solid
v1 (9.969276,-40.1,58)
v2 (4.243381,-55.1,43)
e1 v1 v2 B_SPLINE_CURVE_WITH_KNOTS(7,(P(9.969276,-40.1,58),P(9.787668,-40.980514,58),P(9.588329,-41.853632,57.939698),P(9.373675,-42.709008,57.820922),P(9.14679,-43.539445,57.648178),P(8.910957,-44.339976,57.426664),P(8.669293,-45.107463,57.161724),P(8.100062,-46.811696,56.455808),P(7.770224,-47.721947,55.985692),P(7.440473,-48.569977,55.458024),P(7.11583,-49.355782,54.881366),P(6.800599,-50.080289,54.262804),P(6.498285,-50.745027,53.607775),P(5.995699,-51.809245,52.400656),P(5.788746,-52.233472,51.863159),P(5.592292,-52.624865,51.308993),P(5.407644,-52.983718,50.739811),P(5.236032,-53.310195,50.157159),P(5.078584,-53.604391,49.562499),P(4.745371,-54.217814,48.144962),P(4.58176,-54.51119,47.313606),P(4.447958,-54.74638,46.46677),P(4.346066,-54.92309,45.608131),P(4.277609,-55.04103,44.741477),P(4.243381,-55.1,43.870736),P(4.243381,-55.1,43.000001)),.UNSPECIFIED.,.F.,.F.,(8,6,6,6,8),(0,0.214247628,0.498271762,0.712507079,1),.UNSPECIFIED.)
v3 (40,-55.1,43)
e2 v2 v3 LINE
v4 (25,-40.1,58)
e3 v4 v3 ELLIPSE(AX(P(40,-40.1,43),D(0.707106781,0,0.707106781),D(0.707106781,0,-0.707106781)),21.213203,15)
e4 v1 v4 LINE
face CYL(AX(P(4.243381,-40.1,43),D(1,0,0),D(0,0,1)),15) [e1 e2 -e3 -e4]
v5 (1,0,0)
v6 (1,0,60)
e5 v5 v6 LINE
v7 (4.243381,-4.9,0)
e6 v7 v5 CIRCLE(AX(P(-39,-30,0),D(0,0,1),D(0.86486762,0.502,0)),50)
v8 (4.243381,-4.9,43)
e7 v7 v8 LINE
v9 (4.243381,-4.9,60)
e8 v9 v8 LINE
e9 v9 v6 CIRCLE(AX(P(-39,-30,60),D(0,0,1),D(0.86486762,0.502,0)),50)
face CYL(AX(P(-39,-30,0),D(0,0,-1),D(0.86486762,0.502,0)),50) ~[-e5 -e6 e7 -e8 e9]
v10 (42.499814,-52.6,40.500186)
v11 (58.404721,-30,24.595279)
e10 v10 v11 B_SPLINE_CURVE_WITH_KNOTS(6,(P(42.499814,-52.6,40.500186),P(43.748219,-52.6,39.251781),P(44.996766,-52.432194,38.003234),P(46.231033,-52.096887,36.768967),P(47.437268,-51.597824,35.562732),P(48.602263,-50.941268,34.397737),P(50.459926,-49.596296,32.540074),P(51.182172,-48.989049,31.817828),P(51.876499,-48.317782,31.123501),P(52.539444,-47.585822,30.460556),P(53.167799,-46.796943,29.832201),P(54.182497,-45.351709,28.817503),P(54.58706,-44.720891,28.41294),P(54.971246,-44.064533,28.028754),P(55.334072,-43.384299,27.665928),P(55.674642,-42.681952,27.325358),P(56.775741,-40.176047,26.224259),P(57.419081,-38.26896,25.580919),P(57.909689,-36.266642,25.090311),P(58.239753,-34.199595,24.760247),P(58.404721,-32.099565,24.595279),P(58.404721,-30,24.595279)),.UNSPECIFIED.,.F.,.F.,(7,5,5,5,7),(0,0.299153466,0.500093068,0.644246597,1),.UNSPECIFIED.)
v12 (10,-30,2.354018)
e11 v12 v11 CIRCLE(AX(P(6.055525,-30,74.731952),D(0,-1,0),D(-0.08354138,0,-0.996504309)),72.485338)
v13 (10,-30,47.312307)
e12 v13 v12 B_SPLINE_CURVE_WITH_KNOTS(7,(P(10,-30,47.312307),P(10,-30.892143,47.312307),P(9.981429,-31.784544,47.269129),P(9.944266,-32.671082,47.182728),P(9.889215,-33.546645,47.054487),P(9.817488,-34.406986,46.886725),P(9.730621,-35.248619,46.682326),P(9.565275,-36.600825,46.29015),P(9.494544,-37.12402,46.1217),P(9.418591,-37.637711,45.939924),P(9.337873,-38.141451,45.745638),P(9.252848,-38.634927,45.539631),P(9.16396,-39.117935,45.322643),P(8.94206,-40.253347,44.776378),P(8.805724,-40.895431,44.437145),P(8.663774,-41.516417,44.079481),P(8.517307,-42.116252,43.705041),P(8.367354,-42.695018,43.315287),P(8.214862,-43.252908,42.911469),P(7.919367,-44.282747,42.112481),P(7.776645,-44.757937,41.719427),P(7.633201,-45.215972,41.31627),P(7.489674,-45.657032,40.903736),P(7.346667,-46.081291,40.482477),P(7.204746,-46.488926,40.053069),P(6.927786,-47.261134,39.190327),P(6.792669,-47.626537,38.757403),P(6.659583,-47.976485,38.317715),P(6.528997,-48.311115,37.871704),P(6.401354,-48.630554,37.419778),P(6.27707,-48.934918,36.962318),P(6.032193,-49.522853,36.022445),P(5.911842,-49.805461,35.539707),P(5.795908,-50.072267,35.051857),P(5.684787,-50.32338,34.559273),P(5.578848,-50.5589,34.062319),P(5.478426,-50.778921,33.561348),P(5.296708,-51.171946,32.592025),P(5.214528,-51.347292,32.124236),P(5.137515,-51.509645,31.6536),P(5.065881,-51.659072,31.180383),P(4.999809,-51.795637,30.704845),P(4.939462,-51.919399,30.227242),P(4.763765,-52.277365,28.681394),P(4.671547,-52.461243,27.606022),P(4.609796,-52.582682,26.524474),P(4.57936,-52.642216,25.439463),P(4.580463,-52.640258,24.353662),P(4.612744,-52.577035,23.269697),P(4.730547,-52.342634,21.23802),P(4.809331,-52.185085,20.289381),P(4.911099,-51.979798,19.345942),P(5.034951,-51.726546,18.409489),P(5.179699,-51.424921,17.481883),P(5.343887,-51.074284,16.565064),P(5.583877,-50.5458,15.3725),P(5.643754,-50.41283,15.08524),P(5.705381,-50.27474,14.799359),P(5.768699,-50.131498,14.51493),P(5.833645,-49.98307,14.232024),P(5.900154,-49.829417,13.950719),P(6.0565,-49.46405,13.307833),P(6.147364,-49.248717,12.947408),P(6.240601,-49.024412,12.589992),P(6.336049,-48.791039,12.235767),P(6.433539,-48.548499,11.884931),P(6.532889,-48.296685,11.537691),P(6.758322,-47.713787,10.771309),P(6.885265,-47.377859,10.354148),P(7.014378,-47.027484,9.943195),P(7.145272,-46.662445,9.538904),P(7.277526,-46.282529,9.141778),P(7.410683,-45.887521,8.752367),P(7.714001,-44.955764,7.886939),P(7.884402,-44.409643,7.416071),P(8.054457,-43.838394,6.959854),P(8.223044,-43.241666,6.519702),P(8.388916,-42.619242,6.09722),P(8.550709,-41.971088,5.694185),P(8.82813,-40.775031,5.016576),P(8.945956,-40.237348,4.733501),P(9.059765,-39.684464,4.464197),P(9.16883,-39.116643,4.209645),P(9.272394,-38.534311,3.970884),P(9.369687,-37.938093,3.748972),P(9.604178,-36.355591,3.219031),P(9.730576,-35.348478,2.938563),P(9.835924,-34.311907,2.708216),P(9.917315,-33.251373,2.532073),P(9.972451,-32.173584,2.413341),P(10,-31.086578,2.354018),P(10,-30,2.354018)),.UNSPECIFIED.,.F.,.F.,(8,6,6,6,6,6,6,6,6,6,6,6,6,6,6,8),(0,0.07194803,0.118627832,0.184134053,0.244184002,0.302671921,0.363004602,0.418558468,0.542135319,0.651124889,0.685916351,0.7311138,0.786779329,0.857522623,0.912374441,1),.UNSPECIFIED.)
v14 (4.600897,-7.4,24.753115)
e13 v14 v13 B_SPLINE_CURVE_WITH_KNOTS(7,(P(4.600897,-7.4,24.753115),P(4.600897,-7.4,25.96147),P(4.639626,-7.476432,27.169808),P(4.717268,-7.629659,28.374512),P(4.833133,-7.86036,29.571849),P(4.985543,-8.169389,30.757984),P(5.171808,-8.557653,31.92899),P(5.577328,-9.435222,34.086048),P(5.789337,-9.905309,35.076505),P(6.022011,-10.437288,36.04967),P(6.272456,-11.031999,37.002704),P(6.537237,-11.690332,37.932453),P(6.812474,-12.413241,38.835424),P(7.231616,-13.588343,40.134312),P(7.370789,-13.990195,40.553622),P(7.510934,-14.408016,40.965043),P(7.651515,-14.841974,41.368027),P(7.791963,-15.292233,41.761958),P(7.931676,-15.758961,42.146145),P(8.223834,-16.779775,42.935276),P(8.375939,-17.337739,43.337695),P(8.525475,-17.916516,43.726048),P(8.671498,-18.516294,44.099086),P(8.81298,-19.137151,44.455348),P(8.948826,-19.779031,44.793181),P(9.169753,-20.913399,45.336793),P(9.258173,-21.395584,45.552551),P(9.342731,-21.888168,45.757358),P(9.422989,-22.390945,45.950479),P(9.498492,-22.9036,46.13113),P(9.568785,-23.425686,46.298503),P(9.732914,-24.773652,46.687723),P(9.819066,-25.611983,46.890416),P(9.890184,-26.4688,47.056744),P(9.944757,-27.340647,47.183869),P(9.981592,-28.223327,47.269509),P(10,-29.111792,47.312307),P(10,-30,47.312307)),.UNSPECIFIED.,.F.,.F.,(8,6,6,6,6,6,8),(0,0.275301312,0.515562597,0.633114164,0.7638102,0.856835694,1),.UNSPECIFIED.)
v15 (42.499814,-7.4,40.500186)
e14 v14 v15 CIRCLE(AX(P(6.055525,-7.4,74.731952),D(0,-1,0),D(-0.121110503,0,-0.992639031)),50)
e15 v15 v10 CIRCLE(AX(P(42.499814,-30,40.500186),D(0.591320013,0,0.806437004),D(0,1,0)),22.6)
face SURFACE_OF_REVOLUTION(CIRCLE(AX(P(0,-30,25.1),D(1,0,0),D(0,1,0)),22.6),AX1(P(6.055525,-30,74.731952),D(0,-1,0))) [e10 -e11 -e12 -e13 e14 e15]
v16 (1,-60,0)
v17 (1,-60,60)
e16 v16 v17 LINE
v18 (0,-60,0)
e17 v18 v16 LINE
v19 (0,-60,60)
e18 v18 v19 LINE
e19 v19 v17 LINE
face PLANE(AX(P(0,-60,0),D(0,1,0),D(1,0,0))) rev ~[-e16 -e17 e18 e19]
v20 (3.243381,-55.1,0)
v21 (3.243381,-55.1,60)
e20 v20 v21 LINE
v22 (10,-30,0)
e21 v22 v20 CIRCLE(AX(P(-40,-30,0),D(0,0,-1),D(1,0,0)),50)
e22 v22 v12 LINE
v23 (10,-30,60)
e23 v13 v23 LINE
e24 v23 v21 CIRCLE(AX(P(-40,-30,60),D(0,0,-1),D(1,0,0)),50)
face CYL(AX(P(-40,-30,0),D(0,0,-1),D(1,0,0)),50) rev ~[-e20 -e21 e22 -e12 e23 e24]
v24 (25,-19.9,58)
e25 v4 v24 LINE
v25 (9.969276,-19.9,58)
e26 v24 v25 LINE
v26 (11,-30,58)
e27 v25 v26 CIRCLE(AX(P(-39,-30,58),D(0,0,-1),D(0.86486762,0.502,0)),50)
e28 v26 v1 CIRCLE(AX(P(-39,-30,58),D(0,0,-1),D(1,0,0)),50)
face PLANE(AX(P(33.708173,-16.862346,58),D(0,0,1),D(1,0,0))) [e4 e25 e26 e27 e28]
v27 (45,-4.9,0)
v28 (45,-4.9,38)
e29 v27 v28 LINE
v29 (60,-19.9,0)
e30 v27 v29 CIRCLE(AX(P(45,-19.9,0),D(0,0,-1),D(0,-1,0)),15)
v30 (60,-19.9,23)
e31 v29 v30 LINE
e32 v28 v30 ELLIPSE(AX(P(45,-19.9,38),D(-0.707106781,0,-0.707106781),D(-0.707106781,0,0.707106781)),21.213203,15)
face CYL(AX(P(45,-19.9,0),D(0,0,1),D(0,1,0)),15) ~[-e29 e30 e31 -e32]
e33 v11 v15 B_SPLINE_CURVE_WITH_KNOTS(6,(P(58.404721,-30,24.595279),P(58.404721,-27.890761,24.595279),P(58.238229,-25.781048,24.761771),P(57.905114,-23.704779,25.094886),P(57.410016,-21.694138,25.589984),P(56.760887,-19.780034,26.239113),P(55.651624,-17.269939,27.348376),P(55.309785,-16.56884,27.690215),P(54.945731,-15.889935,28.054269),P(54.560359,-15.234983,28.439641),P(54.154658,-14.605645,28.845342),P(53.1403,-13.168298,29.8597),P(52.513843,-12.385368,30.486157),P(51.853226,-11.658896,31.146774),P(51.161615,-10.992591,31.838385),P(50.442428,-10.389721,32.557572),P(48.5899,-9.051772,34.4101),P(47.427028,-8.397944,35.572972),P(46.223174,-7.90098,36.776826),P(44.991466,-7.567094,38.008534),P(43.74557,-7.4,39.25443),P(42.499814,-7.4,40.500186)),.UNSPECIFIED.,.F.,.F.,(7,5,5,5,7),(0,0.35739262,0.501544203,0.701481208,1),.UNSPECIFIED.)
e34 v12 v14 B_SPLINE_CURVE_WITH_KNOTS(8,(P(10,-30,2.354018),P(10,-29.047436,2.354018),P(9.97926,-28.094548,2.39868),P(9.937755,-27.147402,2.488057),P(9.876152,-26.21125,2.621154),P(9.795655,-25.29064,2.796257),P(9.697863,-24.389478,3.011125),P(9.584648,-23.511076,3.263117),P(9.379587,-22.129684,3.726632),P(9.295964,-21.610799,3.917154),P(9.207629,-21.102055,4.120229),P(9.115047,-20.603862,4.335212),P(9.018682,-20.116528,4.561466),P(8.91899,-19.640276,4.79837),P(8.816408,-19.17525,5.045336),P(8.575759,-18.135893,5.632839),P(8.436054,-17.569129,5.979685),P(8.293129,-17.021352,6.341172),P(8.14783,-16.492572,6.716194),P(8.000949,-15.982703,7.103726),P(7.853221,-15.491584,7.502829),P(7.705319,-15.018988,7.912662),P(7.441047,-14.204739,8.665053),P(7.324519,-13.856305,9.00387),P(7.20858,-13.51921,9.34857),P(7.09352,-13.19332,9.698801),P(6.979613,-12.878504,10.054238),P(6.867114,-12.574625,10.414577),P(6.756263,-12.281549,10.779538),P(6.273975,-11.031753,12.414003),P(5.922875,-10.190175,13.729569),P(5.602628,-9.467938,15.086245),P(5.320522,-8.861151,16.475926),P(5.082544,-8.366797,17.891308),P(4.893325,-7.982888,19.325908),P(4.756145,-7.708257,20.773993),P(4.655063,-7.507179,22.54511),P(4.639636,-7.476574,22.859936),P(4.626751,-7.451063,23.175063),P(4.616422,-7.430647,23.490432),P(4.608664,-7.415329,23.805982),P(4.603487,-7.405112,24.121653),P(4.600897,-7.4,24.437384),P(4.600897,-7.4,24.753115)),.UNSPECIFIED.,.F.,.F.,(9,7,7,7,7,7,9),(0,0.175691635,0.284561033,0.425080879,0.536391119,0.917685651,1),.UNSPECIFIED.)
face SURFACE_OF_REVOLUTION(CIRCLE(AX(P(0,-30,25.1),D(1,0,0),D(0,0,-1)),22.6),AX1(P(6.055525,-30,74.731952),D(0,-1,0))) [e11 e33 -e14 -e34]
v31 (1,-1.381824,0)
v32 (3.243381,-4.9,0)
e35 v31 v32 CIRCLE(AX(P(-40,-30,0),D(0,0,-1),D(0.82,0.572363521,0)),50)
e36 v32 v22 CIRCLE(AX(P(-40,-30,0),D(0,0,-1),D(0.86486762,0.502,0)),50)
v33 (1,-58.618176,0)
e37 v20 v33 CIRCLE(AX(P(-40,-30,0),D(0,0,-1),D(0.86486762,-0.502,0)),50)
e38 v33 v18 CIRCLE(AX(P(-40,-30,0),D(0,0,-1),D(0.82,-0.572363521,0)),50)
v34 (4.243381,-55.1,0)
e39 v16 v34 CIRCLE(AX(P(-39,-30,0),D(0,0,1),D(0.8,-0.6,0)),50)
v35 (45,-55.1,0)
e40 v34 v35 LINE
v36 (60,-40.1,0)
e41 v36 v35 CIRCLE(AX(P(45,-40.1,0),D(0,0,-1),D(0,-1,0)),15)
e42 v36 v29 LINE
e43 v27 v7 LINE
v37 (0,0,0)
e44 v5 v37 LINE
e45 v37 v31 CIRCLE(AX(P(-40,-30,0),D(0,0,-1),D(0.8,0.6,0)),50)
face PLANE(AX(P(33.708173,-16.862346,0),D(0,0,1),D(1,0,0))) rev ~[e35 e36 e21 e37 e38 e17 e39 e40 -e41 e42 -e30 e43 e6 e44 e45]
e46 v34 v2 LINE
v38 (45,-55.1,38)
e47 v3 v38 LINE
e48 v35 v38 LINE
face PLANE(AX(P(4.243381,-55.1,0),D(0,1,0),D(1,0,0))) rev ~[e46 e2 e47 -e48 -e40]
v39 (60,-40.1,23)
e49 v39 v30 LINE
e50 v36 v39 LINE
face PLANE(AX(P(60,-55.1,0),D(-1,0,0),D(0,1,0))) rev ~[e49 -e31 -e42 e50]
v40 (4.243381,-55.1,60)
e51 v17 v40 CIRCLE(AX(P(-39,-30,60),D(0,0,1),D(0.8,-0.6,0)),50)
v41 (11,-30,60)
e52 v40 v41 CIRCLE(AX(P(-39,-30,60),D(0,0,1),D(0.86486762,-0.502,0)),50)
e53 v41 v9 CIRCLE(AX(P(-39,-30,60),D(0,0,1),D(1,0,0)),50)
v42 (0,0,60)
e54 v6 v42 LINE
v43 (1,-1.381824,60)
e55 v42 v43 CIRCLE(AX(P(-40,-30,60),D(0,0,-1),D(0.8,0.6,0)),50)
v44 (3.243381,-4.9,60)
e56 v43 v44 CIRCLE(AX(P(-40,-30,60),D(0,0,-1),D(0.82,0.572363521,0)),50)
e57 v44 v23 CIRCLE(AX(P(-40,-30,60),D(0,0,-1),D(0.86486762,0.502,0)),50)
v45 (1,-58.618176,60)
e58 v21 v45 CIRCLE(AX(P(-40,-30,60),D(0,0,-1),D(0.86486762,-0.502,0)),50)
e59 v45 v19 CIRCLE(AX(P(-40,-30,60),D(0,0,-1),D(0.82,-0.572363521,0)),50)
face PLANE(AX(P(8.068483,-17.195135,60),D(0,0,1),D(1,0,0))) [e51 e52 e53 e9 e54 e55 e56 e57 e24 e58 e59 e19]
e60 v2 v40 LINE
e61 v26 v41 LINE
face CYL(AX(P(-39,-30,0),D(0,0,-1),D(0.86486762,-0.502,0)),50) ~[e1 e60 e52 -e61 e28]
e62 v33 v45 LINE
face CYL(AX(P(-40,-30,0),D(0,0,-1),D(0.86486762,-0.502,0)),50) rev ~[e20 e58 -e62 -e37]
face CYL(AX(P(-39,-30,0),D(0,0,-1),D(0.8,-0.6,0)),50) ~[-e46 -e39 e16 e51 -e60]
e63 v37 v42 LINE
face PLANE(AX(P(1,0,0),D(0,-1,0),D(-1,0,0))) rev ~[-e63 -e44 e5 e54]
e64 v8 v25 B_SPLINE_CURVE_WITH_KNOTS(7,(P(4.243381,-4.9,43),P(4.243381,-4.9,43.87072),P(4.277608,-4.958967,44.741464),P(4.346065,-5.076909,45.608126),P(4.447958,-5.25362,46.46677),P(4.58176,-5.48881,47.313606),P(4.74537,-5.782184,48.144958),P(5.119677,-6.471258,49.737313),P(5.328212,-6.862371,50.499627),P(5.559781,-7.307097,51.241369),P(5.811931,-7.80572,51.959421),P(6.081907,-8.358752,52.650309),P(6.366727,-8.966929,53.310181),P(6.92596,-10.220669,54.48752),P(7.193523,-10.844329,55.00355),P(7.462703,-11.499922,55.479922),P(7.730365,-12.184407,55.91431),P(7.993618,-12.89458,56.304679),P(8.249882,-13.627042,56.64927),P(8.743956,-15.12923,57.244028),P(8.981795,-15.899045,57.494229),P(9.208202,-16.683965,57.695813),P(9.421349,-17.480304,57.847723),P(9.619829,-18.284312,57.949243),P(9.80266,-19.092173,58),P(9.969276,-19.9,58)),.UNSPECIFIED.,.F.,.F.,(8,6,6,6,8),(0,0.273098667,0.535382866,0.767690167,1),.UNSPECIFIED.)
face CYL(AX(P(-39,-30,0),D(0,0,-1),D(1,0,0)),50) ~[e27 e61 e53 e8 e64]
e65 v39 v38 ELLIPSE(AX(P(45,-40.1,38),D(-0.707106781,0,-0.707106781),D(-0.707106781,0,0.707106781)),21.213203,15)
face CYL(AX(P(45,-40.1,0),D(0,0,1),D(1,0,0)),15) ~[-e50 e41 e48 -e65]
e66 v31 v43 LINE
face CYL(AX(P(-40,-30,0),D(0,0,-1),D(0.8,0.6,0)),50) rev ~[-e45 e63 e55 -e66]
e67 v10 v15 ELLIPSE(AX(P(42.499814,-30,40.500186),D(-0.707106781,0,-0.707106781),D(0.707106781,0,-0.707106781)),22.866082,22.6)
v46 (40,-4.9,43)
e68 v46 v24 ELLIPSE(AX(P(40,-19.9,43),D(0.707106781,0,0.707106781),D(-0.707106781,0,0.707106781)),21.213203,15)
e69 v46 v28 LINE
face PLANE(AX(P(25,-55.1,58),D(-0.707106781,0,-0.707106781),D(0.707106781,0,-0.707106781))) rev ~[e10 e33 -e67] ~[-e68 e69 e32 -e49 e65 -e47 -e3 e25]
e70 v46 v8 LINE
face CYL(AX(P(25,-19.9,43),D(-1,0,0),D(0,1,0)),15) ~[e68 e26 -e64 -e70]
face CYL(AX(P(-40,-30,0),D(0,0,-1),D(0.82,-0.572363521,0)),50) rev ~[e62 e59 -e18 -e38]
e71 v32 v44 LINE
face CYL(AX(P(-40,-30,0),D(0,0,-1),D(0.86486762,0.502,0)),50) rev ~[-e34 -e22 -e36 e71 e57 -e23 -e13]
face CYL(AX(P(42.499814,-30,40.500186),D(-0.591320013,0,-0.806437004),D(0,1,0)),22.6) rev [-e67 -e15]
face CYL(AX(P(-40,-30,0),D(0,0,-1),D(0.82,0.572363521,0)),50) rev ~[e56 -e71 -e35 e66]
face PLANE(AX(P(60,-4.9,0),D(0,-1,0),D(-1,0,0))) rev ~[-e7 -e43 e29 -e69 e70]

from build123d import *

# Parameters (mm, degrees)
F1_DEPTH  = 60
F2_DEPTH  = 58
F5_DEPTH  = 60
F11_DEPTH = 25
F12_R     = 15


with BuildPart() as f1:
    # F0 (on Top) → F1 (new body)
    with BuildSketch(Plane.XY):
        with BuildLine():
            ThreePointArc((11, -30), (9.2813061641, -17.0032513647), (4.2433809964, -4.9))
            Line((4.2433809964, -4.9), (3.2433809964, -4.9))
            ThreePointArc((3.2433809964, -4.9), (8.2813061641, -17.0032513647), (10, -30))
            Line((10, -30), (11, -30))
        make_face()
        with BuildLine():
            Line((1, 0), (0, 0))
            ThreePointArc((0, 0), (0.5058928967, -0.6866474002), (1, -1.3818239575))
            Line((1, -1.3818239575), (1, 0))
        make_face()
        with BuildLine():
            ThreePointArc((4.2433809964, -55.1), (9.2813061641, -42.9967486353), (11, -30))
            Line((11, -30), (10, -30))
            ThreePointArc((10, -30), (8.2813061641, -42.9967486353), (3.2433809964, -55.1))
            Line((3.2433809964, -55.1), (4.2433809964, -55.1))
        make_face()
        with BuildLine():
            ThreePointArc((1, -60), (2.6937359795, -57.5976879479), (4.2433809964, -55.1))
            Line((4.2433809964, -55.1), (3.2433809964, -55.1))
            ThreePointArc((3.2433809964, -55.1), (2.1584060549, -56.8824998634), (1, -58.6181760425))
            Line((1, -58.6181760425), (1, -60))
        make_face()
        with BuildLine():
            ThreePointArc((1, -58.6181760425), (0.5058928967, -59.3133525998), (0, -60))
            Line((0, -60), (1, -60))
            Line((1, -60), (1, -58.6181760425))
        make_face()
        with BuildLine():
            ThreePointArc((4.2433809964, -4.9), (2.6937359795, -2.4023120521), (1, 0))
            Line((1, 0), (1, -1.3818239575))
            ThreePointArc((1, -1.3818239575), (2.1584060549, -3.1175001366), (3.2433809964, -4.9))
            Line((3.2433809964, -4.9), (4.2433809964, -4.9))
        make_face()
    extrude(amount=F1_DEPTH)

    # F0 (on Top) → F2 (join)
    with BuildSketch(Plane.XY):
        with BuildLine():
            Line((60, -4.9), (4.2433809964, -4.9))
            ThreePointArc((4.2433809964, -4.9), (9.2813061641, -17.0032513647), (11, -30))
            Line((11, -30), (60, -30))
            Line((60, -30), (60, -4.9))
        make_face()
        with BuildLine():
            Line((60, -30), (11, -30))
            ThreePointArc((11, -30), (9.2813061641, -42.9967486353), (4.2433809964, -55.1))
            Line((4.2433809964, -55.1), (60, -55.1))
            Line((60, -55.1), (60, -30))
        make_face()
    extrude(amount=F2_DEPTH)

    # F4 (on face) → F5 (cut)
    with BuildSketch(Plane.XZ.offset(55.1)):
        Polygon((60, 58), (25, 58), (60, 23), align=None)
    extrude(amount=-F5_DEPTH, mode=Mode.SUBTRACT)

    # F10: sweep along a path in F9
    with BuildLine(Plane.XZ.offset(30)) as f10_path:
        ThreePointArc((0, 25.1), (23.0896284171, 27.7230233964), (42.4998142724, 40.5001857276))
    # F7 (on Right) → F10 (sweep, cut)
    with BuildSketch(Plane.YZ):
        with BuildLine():
            Line((-30, 25.1), (-30, 2.5))
            ThreePointArc((-30, 2.5), (-14.0193867452, 9.1193867452), (-7.4, 25.1))
            Line((-7.4, 25.1), (-30, 25.1))
        make_face()
        with BuildLine():
            ThreePointArc((-7.4, 25.1), (-45.9806132548, 41.0806132548), (-30, 2.5))
            Line((-30, 2.5), (-30, 25.1))
            Line((-30, 25.1), (-7.4, 25.1))
        make_face()
    sweep(path=f10_path.line, mode=Mode.SUBTRACT)

    # F11 (cut): a face of the model
    f11_faces = [f1.faces().sort_by_distance(p)[0] for p in [
        (34.7646818914, -30, 46.1719723121),
    ]]
    extrude(f11_faces, amount=-F11_DEPTH, mode=Mode.SUBTRACT)

    # F12
    f12_edges = [f1.edges().sort_by_distance(p)[0] for p in [
        (14.62169, -55.1, 58),
        (14.62169, -4.9, 58),
        (60, -55.1, 11.5),
        (60, -4.9, 11.5),
    ]]
    fillet(f12_edges, radius=F12_R)


solid = f1.part
